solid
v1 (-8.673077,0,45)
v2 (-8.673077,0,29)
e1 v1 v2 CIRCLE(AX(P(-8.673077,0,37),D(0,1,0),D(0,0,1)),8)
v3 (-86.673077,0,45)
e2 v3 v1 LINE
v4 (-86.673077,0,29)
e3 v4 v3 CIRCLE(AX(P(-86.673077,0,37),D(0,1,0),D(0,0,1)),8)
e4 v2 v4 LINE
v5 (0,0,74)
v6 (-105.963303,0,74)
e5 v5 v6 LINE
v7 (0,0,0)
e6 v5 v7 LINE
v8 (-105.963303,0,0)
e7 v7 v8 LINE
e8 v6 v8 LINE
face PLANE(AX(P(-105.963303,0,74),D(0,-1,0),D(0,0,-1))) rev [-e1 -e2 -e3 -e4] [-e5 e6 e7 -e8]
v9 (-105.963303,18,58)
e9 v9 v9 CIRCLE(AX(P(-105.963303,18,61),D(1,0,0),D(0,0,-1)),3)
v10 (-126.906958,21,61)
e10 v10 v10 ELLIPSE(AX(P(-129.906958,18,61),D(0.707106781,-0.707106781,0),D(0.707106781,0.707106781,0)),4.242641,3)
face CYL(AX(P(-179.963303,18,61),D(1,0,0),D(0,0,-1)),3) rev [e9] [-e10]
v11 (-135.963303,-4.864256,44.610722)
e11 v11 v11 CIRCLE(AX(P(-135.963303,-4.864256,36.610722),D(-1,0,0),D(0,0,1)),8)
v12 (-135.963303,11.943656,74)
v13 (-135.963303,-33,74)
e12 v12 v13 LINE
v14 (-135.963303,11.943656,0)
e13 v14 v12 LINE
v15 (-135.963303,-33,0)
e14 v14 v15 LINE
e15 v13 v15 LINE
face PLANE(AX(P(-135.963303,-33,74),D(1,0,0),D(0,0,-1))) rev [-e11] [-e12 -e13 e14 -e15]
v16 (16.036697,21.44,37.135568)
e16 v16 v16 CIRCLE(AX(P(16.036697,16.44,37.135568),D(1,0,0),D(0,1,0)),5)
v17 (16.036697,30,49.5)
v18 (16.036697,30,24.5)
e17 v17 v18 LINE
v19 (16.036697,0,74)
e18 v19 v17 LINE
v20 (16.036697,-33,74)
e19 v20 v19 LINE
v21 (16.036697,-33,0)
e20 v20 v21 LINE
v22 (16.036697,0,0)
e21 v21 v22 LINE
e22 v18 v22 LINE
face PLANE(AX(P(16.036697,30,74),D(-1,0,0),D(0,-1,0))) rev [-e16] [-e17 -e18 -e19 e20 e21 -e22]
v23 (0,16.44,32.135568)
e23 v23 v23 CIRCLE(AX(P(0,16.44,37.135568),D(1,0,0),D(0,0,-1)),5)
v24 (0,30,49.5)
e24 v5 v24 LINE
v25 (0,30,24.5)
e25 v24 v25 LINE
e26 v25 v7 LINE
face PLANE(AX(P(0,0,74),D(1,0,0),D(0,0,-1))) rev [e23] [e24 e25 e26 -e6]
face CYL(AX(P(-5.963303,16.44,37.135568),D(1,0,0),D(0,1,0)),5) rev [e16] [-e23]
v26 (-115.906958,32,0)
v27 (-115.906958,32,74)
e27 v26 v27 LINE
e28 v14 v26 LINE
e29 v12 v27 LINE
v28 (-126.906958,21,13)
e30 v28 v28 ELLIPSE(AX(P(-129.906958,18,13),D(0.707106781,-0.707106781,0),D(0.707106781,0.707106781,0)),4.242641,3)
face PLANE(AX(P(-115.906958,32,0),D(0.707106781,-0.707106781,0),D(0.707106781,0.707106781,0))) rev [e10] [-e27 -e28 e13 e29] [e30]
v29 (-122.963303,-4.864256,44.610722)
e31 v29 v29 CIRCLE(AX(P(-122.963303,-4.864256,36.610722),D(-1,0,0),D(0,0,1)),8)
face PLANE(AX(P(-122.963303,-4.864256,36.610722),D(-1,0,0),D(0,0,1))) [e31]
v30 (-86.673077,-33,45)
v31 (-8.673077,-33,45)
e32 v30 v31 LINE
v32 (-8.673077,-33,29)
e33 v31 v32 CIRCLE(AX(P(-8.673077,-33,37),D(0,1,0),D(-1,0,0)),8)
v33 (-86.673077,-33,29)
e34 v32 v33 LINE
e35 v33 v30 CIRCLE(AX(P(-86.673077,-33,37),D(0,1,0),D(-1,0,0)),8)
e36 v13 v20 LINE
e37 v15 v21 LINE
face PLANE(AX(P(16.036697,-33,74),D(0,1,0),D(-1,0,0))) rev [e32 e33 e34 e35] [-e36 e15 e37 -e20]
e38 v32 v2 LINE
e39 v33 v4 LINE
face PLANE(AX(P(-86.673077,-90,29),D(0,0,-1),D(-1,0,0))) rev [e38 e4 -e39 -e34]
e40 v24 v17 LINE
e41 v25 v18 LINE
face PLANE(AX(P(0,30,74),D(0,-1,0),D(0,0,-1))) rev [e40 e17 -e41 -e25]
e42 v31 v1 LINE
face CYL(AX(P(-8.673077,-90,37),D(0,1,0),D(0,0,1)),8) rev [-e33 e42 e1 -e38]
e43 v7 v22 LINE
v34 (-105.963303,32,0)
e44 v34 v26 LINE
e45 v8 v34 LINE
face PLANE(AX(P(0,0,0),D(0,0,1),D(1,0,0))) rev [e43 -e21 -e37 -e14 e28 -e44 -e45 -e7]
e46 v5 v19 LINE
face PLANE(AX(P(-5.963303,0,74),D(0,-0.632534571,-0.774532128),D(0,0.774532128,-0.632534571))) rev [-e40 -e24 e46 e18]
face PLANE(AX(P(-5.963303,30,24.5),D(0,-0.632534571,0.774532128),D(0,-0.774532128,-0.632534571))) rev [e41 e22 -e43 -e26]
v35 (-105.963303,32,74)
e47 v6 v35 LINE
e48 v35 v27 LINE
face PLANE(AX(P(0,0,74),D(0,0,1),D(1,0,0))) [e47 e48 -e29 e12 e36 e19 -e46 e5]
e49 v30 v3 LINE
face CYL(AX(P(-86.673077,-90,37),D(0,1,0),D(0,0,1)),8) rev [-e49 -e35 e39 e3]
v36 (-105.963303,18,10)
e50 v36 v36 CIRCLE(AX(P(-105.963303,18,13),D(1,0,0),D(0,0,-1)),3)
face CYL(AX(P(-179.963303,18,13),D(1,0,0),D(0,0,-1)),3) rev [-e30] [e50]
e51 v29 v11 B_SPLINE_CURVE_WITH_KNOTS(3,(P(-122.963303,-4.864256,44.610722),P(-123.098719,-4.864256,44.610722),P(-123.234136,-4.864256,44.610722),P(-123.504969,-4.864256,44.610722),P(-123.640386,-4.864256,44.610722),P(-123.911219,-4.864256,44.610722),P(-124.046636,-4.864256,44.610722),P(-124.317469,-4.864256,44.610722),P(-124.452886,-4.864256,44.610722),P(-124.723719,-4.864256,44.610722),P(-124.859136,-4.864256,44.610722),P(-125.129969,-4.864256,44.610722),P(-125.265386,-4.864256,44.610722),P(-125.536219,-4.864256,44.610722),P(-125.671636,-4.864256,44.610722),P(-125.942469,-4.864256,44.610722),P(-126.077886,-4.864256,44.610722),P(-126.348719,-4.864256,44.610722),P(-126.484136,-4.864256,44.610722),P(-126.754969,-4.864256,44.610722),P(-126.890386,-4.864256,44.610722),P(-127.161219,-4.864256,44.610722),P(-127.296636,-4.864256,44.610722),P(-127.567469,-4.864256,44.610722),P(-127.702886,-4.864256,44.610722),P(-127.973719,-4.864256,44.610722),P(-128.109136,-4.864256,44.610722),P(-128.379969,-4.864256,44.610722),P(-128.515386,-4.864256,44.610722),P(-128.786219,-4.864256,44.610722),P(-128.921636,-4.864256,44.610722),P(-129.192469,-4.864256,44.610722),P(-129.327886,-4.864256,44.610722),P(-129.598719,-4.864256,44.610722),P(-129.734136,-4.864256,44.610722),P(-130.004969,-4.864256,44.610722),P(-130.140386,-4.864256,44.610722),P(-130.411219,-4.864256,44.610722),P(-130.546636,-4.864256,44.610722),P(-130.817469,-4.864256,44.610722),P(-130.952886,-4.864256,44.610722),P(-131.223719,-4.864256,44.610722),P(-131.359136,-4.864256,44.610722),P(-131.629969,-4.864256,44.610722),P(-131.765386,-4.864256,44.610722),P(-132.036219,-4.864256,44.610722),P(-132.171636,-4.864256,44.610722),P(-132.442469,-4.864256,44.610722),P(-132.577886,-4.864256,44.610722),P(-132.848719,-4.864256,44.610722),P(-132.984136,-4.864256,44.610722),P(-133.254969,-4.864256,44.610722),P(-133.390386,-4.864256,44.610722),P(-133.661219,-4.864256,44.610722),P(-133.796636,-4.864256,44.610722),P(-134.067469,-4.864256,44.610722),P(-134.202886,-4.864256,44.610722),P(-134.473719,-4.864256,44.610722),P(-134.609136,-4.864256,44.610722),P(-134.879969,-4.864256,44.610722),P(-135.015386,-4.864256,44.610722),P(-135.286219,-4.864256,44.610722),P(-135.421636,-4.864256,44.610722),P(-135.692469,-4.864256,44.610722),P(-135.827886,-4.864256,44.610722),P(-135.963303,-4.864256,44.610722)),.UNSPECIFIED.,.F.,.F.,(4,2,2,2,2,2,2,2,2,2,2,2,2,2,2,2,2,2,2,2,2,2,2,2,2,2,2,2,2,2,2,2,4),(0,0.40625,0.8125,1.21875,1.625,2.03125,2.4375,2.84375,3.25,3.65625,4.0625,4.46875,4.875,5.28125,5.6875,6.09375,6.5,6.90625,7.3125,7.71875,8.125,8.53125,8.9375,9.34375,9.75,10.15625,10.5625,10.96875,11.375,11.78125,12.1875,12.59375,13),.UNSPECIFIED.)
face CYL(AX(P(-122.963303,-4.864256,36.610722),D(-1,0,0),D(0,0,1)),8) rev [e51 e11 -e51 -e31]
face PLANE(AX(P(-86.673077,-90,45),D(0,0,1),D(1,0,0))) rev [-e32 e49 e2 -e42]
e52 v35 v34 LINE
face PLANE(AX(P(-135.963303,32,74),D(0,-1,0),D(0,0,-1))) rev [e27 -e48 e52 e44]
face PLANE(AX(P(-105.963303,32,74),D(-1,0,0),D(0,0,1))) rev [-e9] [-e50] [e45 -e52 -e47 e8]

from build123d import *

# Parameters (mm, degrees)
BOSS_EXTRUDE3_DEPTH = 74
CUT_EXTRUDE5_DEPTH  = 74
SKETCH14_R          = 3
CUT_EXTRUDE6_DEPTH  = 74
SKETCH15_R          = 8
CUT_EXTRUDE7_DEPTH  = 13
CUT_EXTRUDE8_DEPTH  = 90
CUT_EXTRUDE10_DEPTH = 22
SKETCH20_R          = 5
CUT_EXTRUDE11_DEPTH = 22


with BuildPart() as part:
    # Sketch2 → Boss-Extrude3 (new body)
    with BuildSketch(Plane.XY):
        Polygon((0, 0), (0, 30), (16.036697248, 30), (16.036697248, -33), (-135.963302752, -33), (-135.963302752, 18), (-135.963302752, 32), (-115.963302752, 32), (-105.963302752, 32), (-105.963302752, 0), align=None)
    extrude(amount=BOSS_EXTRUDE3_DEPTH)

    # Sketch11 → Cut-Extrude5 (cut)
    with BuildSketch(Plane.XY.offset(74)):
        Polygon((-135.963302752, 11.943655514), (-135.963302752, 32), (-115.906958266, 32), align=None)
    extrude(amount=-CUT_EXTRUDE5_DEPTH, mode=Mode.SUBTRACT)

    # Sketch14 → Cut-Extrude6 (cut)
    with BuildSketch(Plane(origin=(-105.963302752, 0, 0), x_dir=(0, 0, -1), z_dir=(1, 0, 0))):
        with Locations((-61, 18)):
            Circle(SKETCH14_R)
        with Locations((-13, 18)):
            Circle(SKETCH14_R)
    extrude(amount=-CUT_EXTRUDE6_DEPTH, mode=Mode.SUBTRACT)

    # Sketch15 → Cut-Extrude7 (cut)
    with BuildSketch(Plane.ZY.offset(135.963302752)):
        with Locations((36.610721791, -4.86425639)):
            Circle(SKETCH15_R)
    extrude(amount=-CUT_EXTRUDE7_DEPTH, mode=Mode.SUBTRACT)

    # Sketch16 → Cut-Extrude8 (cut)
    with BuildSketch(Plane(origin=(0, 0, 0), x_dir=(1, 0, 0), z_dir=(0, 1, 0))):
        with BuildLine():
            Line((-86.67307708, -29), (-8.67307708, -29))
            ThreePointArc((-8.67307708, -29), (-0.67307708, -37), (-8.67307708, -45))
            Line((-8.67307708, -45), (-86.67307708, -45))
            ThreePointArc((-86.67307708, -45), (-94.67307708, -37), (-86.67307708, -29))
        make_face()
    extrude(amount=-CUT_EXTRUDE8_DEPTH, mode=Mode.SUBTRACT)

    # Sketch19 → Cut-Extrude10 (cut)
    with BuildSketch(Plane(origin=(16.036697248, 0, 0), x_dir=(0, 0, -1), z_dir=(1, 0, 0))):
        Polygon((-74, 30), (-74, 0), (-49.5, 30), align=None)
        Polygon((0, 0), (0, 30), (-24.5, 30), align=None)
    extrude(amount=-CUT_EXTRUDE10_DEPTH, mode=Mode.SUBTRACT)

    # Sketch20 → Cut-Extrude11 (cut)
    with BuildSketch(Plane(origin=(16.036697248, 0, 0), x_dir=(0, 0, -1), z_dir=(1, 0, 0))):
        with Locations(Location((-37.135567798, 16.44, 0), (0, 0, 90))):
            Circle(SKETCH20_R)
    extrude(amount=-CUT_EXTRUDE11_DEPTH, mode=Mode.SUBTRACT)


solid = part.part
